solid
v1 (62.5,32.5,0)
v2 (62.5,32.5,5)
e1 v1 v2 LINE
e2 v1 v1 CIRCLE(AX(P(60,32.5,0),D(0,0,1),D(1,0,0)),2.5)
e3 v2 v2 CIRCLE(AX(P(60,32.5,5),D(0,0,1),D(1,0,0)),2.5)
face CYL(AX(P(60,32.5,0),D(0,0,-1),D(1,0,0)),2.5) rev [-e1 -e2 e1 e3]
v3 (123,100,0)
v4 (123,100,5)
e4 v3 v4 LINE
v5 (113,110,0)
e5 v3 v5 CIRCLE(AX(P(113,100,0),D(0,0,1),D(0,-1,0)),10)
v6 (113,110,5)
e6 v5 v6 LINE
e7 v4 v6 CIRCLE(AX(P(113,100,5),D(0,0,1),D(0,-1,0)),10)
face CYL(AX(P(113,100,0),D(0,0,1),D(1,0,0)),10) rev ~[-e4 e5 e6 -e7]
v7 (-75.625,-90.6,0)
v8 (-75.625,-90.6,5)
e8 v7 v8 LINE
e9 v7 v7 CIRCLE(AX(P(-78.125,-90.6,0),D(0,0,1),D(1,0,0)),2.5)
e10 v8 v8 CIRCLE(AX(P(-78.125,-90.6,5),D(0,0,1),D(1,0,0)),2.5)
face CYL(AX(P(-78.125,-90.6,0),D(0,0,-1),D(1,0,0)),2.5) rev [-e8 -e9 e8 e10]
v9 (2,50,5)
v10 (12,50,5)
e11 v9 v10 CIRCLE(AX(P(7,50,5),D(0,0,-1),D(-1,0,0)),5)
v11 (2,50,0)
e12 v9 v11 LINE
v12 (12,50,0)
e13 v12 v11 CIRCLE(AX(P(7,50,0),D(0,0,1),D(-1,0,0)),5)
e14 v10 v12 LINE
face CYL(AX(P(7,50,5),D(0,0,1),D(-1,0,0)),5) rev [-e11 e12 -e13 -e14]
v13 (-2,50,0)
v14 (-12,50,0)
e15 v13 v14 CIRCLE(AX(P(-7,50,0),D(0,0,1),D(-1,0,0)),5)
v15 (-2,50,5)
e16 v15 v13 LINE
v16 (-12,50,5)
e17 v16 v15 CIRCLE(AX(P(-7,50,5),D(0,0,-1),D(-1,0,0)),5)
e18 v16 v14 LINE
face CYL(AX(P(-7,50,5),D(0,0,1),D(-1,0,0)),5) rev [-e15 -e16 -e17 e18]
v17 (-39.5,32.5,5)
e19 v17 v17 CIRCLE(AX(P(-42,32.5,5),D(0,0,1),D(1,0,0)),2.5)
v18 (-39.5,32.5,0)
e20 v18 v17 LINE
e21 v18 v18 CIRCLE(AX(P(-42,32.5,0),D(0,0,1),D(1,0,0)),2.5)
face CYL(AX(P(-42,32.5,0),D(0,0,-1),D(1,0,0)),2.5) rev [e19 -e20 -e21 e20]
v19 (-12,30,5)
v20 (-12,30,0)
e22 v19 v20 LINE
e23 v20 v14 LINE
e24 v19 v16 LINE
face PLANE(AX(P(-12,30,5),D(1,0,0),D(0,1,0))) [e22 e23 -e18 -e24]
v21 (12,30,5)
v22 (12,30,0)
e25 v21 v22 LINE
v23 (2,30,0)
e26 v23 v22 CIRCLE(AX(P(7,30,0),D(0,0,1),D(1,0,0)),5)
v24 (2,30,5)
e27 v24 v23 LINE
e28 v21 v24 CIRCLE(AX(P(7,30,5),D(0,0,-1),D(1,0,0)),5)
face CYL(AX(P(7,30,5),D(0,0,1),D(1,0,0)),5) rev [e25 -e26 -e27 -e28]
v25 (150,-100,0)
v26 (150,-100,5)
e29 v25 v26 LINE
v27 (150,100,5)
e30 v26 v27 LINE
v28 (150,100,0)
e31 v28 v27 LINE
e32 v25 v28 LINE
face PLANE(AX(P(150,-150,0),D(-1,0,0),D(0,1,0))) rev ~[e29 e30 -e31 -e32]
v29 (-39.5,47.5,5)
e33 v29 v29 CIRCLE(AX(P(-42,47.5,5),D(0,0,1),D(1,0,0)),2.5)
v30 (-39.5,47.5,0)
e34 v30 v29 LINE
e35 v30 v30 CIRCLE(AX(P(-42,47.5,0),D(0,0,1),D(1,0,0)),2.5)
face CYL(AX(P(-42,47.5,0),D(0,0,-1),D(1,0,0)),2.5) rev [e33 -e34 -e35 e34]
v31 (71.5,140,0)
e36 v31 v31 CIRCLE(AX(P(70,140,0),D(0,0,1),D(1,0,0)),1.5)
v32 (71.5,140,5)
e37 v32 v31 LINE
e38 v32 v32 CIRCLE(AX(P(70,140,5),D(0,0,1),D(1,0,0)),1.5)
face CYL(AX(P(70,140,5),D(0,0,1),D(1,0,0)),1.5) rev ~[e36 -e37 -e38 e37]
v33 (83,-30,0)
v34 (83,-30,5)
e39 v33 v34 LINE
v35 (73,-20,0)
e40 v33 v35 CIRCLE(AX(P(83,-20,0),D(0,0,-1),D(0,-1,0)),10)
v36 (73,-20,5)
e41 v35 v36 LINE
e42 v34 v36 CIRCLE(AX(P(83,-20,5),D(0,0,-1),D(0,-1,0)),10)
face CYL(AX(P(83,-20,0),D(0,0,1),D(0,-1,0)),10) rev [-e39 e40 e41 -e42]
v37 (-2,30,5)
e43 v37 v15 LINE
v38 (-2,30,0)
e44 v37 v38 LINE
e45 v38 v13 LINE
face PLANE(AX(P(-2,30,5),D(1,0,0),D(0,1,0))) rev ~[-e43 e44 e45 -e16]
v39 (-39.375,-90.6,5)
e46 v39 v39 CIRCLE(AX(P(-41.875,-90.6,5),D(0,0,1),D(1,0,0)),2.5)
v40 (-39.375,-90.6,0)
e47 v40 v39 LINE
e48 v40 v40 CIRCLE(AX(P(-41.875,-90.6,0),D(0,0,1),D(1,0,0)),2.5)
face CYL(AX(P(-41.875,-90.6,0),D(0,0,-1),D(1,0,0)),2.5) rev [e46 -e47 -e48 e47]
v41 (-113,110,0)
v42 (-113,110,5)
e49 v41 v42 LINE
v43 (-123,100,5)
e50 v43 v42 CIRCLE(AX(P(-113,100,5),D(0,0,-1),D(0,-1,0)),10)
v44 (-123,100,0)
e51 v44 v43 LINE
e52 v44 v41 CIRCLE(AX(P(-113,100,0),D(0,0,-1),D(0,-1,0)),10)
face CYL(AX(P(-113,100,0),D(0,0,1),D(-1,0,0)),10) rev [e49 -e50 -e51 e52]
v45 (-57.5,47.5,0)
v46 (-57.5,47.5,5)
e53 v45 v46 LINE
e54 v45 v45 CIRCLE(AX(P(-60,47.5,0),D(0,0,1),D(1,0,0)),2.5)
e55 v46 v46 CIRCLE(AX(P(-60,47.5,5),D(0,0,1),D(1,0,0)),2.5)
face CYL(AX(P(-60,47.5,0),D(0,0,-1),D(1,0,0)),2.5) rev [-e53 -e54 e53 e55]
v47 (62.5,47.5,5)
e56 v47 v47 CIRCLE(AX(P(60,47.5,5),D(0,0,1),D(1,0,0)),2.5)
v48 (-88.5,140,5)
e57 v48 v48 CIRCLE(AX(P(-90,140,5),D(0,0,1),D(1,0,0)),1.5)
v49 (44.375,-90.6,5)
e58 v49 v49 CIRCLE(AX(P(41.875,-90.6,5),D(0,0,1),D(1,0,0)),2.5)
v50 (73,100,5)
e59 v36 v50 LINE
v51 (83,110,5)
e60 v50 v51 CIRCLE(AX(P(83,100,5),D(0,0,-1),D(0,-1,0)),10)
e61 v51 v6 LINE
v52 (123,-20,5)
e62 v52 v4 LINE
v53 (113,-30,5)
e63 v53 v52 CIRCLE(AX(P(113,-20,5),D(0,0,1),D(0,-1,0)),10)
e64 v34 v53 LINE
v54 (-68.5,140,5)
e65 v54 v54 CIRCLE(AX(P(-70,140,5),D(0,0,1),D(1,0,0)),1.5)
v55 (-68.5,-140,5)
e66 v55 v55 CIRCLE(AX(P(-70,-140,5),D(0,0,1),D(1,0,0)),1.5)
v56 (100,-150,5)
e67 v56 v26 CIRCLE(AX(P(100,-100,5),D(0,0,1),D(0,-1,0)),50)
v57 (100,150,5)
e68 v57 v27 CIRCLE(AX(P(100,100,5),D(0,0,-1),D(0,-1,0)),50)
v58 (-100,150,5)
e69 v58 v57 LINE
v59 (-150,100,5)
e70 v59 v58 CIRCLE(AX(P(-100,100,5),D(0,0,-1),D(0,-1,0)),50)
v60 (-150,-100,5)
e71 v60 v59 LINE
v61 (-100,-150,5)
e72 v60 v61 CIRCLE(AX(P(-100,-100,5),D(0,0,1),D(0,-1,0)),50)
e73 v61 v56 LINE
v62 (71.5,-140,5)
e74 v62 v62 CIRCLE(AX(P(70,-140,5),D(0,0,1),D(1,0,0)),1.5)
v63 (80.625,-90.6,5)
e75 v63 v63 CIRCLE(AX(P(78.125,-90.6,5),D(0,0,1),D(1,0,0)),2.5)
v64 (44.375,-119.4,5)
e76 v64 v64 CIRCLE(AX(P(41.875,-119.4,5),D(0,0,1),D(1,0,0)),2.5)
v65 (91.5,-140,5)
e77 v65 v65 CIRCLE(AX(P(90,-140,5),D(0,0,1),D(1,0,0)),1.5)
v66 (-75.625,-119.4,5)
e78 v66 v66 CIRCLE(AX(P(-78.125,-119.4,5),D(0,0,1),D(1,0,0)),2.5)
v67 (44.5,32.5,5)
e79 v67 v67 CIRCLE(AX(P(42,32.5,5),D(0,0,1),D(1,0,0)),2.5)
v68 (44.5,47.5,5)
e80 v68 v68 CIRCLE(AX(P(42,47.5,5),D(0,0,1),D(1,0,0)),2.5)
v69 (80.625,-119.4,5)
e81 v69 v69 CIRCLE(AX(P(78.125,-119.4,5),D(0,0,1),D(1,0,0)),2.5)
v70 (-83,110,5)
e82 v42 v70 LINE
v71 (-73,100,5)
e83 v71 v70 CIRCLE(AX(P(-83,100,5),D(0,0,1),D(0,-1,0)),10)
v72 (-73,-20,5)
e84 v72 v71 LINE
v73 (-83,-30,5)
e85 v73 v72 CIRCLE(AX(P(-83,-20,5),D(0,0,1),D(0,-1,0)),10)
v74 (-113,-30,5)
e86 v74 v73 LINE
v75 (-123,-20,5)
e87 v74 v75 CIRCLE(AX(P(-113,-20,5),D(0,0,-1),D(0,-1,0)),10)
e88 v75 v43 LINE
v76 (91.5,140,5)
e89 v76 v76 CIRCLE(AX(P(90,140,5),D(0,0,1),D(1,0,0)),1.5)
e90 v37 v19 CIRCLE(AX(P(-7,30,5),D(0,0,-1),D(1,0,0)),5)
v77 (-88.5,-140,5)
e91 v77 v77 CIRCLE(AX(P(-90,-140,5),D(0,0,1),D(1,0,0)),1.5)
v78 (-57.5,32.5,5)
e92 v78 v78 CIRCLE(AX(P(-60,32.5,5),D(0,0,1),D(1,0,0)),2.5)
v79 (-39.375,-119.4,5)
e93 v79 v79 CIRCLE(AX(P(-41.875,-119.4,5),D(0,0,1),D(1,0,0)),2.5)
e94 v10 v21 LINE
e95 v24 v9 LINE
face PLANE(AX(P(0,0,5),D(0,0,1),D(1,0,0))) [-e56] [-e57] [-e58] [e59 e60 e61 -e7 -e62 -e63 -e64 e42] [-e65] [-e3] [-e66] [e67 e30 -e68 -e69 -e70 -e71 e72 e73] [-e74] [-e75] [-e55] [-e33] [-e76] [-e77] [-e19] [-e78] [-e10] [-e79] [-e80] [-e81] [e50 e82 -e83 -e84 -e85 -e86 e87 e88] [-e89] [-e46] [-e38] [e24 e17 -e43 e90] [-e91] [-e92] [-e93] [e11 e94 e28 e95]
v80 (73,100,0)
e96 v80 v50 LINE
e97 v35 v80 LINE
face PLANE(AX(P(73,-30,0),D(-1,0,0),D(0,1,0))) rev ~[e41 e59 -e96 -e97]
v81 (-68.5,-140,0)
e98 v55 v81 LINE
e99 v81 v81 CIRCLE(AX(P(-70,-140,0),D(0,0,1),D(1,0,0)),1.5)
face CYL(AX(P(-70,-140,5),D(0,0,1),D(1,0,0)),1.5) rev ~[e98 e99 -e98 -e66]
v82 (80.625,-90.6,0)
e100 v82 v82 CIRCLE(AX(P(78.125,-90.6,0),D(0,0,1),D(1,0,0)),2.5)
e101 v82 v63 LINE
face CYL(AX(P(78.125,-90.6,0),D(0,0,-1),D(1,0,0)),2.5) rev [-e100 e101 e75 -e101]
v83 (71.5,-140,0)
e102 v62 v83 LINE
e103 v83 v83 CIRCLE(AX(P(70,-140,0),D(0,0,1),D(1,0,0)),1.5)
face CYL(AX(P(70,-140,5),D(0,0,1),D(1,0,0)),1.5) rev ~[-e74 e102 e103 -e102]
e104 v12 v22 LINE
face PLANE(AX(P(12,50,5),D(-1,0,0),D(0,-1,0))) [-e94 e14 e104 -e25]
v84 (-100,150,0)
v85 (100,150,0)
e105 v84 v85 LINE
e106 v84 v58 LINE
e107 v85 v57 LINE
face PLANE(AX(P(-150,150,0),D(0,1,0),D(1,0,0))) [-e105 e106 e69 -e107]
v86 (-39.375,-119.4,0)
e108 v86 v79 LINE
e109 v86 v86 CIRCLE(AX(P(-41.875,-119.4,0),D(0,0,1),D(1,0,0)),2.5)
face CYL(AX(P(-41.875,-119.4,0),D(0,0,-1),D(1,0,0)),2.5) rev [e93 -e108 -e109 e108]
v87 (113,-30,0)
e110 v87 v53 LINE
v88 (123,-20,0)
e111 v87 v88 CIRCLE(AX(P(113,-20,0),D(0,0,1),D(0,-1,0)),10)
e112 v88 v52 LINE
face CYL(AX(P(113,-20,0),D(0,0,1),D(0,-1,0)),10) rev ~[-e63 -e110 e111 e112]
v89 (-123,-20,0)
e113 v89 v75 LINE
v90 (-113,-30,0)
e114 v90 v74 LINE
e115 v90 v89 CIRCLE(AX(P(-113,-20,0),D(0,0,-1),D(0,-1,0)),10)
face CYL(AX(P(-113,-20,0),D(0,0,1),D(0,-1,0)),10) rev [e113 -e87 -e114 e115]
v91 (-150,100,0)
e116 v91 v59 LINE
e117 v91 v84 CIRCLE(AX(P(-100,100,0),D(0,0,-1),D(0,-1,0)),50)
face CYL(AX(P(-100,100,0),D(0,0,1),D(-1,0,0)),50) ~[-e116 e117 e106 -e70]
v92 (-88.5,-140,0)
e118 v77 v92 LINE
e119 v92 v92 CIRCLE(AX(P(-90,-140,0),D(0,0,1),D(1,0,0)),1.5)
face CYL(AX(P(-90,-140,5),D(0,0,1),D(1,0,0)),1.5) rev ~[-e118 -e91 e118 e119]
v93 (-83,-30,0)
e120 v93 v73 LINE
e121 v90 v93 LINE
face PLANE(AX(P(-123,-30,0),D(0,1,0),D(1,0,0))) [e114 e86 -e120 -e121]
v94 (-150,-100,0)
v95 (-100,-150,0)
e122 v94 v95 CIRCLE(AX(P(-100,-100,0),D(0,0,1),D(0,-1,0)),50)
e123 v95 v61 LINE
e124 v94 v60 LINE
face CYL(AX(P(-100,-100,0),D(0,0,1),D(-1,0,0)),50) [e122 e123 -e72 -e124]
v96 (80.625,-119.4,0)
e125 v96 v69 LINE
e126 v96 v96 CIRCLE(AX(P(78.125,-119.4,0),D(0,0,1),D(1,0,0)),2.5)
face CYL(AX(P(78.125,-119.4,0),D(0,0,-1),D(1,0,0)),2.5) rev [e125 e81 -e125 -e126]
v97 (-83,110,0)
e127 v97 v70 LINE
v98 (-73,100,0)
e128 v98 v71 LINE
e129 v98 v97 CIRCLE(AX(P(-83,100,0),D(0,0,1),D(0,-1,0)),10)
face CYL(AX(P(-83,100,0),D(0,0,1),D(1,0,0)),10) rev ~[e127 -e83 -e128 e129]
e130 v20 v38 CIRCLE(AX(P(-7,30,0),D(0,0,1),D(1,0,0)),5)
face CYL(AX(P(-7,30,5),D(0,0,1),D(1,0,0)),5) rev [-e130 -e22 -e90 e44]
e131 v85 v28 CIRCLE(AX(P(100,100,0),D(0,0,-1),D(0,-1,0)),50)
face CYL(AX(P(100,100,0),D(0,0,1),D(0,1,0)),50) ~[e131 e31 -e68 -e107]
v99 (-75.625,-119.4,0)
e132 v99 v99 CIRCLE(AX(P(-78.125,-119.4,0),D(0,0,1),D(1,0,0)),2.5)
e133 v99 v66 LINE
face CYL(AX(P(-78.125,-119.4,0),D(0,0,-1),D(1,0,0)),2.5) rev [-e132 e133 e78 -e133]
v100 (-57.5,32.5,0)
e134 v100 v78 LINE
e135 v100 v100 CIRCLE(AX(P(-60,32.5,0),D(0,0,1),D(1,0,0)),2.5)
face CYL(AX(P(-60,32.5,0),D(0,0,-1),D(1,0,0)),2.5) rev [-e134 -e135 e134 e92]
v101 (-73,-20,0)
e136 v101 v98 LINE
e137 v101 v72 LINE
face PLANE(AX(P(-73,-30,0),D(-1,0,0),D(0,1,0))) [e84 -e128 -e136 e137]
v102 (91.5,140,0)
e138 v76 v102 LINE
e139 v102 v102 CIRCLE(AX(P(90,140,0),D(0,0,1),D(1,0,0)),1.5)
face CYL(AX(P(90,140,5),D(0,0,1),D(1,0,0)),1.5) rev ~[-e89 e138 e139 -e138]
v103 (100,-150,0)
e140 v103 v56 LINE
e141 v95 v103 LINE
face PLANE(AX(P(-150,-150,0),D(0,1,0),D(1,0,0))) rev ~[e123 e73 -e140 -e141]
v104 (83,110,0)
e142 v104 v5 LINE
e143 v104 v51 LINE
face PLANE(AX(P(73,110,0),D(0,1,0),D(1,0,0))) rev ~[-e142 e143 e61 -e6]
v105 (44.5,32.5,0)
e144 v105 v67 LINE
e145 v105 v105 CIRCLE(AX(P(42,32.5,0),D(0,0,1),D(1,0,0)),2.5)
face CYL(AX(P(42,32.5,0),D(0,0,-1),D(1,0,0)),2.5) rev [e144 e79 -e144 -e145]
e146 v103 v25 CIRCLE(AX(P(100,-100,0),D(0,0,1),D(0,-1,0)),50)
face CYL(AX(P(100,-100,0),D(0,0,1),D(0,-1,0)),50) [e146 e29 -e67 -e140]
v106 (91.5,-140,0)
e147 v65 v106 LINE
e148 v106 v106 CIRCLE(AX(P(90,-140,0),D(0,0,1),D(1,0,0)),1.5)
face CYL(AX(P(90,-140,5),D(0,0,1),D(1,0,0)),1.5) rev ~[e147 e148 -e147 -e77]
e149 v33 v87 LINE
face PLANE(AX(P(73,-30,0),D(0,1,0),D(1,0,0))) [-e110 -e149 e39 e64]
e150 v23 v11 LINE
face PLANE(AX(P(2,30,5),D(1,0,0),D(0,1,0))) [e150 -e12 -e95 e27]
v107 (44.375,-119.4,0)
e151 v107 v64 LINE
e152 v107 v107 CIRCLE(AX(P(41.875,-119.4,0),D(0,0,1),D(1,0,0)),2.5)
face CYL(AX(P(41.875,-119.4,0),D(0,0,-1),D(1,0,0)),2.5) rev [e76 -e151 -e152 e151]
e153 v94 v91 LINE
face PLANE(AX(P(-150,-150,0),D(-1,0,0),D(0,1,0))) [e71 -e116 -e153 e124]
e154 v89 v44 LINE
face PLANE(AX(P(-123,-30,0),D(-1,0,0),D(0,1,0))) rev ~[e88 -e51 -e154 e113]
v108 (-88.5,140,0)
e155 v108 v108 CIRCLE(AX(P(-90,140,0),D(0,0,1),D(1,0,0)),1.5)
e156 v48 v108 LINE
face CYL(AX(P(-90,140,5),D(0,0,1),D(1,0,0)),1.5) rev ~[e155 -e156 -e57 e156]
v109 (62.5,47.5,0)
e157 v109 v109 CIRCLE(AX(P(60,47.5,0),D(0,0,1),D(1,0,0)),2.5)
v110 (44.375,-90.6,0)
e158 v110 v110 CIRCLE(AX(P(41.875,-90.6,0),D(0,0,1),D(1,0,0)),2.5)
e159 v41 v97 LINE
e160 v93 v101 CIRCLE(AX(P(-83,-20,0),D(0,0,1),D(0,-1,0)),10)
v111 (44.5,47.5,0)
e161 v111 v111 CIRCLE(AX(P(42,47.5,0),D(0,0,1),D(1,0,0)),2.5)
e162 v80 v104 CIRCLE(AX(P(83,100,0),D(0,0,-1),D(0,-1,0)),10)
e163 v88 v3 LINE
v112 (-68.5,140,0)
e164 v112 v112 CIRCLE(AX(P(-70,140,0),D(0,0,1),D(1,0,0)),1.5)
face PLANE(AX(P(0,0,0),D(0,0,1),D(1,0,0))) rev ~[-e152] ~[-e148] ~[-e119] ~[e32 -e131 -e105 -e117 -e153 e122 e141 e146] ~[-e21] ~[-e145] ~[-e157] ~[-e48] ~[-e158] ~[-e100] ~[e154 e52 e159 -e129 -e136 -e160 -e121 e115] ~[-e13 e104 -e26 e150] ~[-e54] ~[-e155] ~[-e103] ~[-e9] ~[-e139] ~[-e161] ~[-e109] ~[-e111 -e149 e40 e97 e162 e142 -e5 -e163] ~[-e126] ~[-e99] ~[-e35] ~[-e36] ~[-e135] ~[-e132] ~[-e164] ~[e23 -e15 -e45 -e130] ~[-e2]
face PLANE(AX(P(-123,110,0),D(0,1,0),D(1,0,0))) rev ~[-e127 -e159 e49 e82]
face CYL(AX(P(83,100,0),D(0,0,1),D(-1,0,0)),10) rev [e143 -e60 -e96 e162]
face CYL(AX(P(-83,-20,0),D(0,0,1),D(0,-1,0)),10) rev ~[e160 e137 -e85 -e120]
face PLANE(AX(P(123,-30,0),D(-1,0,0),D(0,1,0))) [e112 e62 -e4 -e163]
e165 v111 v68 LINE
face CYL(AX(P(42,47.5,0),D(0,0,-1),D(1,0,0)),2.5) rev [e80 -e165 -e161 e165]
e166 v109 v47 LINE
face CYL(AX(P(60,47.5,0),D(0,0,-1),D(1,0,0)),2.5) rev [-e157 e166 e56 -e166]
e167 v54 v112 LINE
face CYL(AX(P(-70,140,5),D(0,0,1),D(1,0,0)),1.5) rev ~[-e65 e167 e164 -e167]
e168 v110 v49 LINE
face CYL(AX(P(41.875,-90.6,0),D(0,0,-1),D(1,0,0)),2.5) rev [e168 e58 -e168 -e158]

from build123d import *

# Parameters (mm, degrees)
SKETCH1_W           = 300
SKETCH1_H           = 300
SKETCH1_R           = 2.5
SKETCH1_W_2         = 50
SKETCH1_H_2         = 140
BOSS_EXTRUDE1_DEPTH = 5
CUT_EXTRUDE1_START  = -5
SKETCH2_R           = 2.5
CUT_EXTRUDE1_DEPTH  = 5
FILLET1_R           = 10
FILLET2_R           = 50
SKETCH3_W           = 10
SKETCH3_H           = 20
CUT_EXTRUDE2_DEPTH  = 213.190951739
CUT_EXTRUDE3_REACH  = 214.191
SKETCH4_R           = 1.5


with BuildPart() as part:
    # Sketch1 → Boss-Extrude1 (new body)
    with BuildSketch(Plane.XY):
        Rectangle(SKETCH1_W, SKETCH1_H)
        with Locations((42, 47.5)):
            Circle(SKETCH1_R, mode=Mode.SUBTRACT)
        with Locations((42, 32.5)):
            Circle(SKETCH1_R, mode=Mode.SUBTRACT)
        with Locations((60, 32.5)):
            Circle(SKETCH1_R, mode=Mode.SUBTRACT)
        with Locations((60, 47.5)):
            Circle(SKETCH1_R, mode=Mode.SUBTRACT)
        with Locations((-60, 47.5)):
            Circle(SKETCH1_R, mode=Mode.SUBTRACT)
        with Locations((-60, 32.5)):
            Circle(SKETCH1_R, mode=Mode.SUBTRACT)
        with Locations((-42, 32.5)):
            Circle(SKETCH1_R, mode=Mode.SUBTRACT)
        with Locations((-42, 47.5)):
            Circle(SKETCH1_R, mode=Mode.SUBTRACT)
        with Locations((98, 40)):
            Rectangle(SKETCH1_W_2, SKETCH1_H_2, mode=Mode.SUBTRACT)
        with Locations((-98, 40)):
            Rectangle(SKETCH1_W_2, SKETCH1_H_2, mode=Mode.SUBTRACT)
    extrude(amount=BOSS_EXTRUDE1_DEPTH)

    # Sketch2 → Cut-Extrude1 (cut)
    with BuildSketch(Plane.XY.offset(5).offset(CUT_EXTRUDE1_START)):
        with Locations((-60, 32.5)):
            Circle(SKETCH2_R)
        with Locations((-78.125, -90.6)):
            Circle(SKETCH2_R)
        with Locations((-41.875, -90.6)):
            Circle(SKETCH2_R)
        with Locations((-41.875, -119.4)):
            Circle(SKETCH2_R)
        with Locations((-78.125, -119.4)):
            Circle(SKETCH2_R)
        with Locations((78.125, -119.4)):
            Circle(SKETCH2_R)
        with Locations((41.875, -119.4)):
            Circle(SKETCH2_R)
        with Locations((41.875, -90.6)):
            Circle(SKETCH2_R)
        with Locations((78.125, -90.6)):
            Circle(SKETCH2_R)
    extrude(amount=CUT_EXTRUDE1_DEPTH, mode=Mode.SUBTRACT)

    # Fillet1
    fillet1_edges = [part.edges().sort_by_distance(p)[0] for p in [
        (-123, -30, 2.5),
        (-73, -30, 2.5),
        (-73, 110, 2.5),
        (-123, 110, 2.5),
        (73, -30, 2.5),
        (123, -30, 2.5),
        (123, 110, 2.5),
        (73, 110, 2.5),
    ]]
    fillet(fillet1_edges, radius=FILLET1_R)

    # Fillet2
    fillet2_edges = [part.edges().sort_by_distance(p)[0] for p in [
        (150, -150, 2.5),
        (-150, -150, 2.5),
        (-150, 150, 2.5),
        (150, 150, 2.5),
    ]]
    fillet(fillet2_edges, radius=FILLET2_R)

    # Sketch3 → Cut-Extrude2 (cut, through all)
    with BuildSketch(Plane.XY.offset(5)):
        with Locations((-7, 40)):
            Rectangle(SKETCH3_W, SKETCH3_H)
        with BuildLine():
            ThreePointArc((-12, 50), (-7, 55), (-2, 50))
            Line((-2, 50), (-12, 50))
        make_face()
        with BuildLine():
            Line((-12, 30), (-2, 30))
            ThreePointArc((-2, 30), (-7, 25), (-12, 30))
        make_face()
        with BuildLine():
            ThreePointArc((12, 30), (7, 25), (2, 30))
            Line((2, 30), (2, 50))
            ThreePointArc((2, 50), (7, 55), (12, 50))
            Line((12, 50), (12, 30))
        make_face()
    extrude(amount=-CUT_EXTRUDE2_DEPTH, mode=Mode.SUBTRACT)

    # Sketch4 → Cut-Extrude3 (cut, up to next)
    with BuildSketch(Plane.XY.offset(5), mode=Mode.PRIVATE) as cut_extrude3_sk1:
        with Locations((-70, -140)):
            Circle(SKETCH4_R)
    cut_extrude3_tool1 = extrude(cut_extrude3_sk1.sketch, amount=-CUT_EXTRUDE3_REACH, mode=Mode.PRIVATE) & part.part
    # Sketch4 → Cut-Extrude3 (cut, up to next)
    with BuildSketch(Plane.XY.offset(5), mode=Mode.PRIVATE) as cut_extrude3_sk2:
        with Locations((70, -140)):
            Circle(SKETCH4_R)
    cut_extrude3_tool2 = extrude(cut_extrude3_sk2.sketch, amount=-CUT_EXTRUDE3_REACH, mode=Mode.PRIVATE) & part.part
    # Sketch4 → Cut-Extrude3 (cut, up to next)
    with BuildSketch(Plane.XY.offset(5), mode=Mode.PRIVATE) as cut_extrude3_sk3:
        with Locations((-90, -140)):
            Circle(SKETCH4_R)
    cut_extrude3_tool3 = extrude(cut_extrude3_sk3.sketch, amount=-CUT_EXTRUDE3_REACH, mode=Mode.PRIVATE) & part.part
    # Sketch4 → Cut-Extrude3 (cut, up to next)
    with BuildSketch(Plane.XY.offset(5), mode=Mode.PRIVATE) as cut_extrude3_sk4:
        with Locations((90, -140)):
            Circle(SKETCH4_R)
    cut_extrude3_tool4 = extrude(cut_extrude3_sk4.sketch, amount=-CUT_EXTRUDE3_REACH, mode=Mode.PRIVATE) & part.part
    # Sketch4 → Cut-Extrude3 (cut, up to next)
    with BuildSketch(Plane.XY.offset(5), mode=Mode.PRIVATE) as cut_extrude3_sk5:
        with Locations((90, 140)):
            Circle(SKETCH4_R)
    cut_extrude3_tool5 = extrude(cut_extrude3_sk5.sketch, amount=-CUT_EXTRUDE3_REACH, mode=Mode.PRIVATE) & part.part
    # Sketch4 → Cut-Extrude3 (cut, up to next)
    with BuildSketch(Plane.XY.offset(5), mode=Mode.PRIVATE) as cut_extrude3_sk6:
        with Locations((-90, 140)):
            Circle(SKETCH4_R)
    cut_extrude3_tool6 = extrude(cut_extrude3_sk6.sketch, amount=-CUT_EXTRUDE3_REACH, mode=Mode.PRIVATE) & part.part
    # Sketch4 → Cut-Extrude3 (cut, up to next)
    with BuildSketch(Plane.XY.offset(5), mode=Mode.PRIVATE) as cut_extrude3_sk7:
        with Locations((70, 140)):
            Circle(SKETCH4_R)
    cut_extrude3_tool7 = extrude(cut_extrude3_sk7.sketch, amount=-CUT_EXTRUDE3_REACH, mode=Mode.PRIVATE) & part.part
    # Sketch4 → Cut-Extrude3 (cut, up to next)
    with BuildSketch(Plane.XY.offset(5), mode=Mode.PRIVATE) as cut_extrude3_sk8:
        with Locations((-70, 140)):
            Circle(SKETCH4_R)
    cut_extrude3_tool8 = extrude(cut_extrude3_sk8.sketch, amount=-CUT_EXTRUDE3_REACH, mode=Mode.PRIVATE) & part.part
    add(cut_extrude3_tool1.solids().sort_by_distance((-70, -140, 5))[0], mode=Mode.SUBTRACT)
    add(cut_extrude3_tool2.solids().sort_by_distance((70, -140, 5))[0], mode=Mode.SUBTRACT)
    add(cut_extrude3_tool3.solids().sort_by_distance((-90, -140, 5))[0], mode=Mode.SUBTRACT)
    add(cut_extrude3_tool4.solids().sort_by_distance((90, -140, 5))[0], mode=Mode.SUBTRACT)
    add(cut_extrude3_tool5.solids().sort_by_distance((90, 140, 5))[0], mode=Mode.SUBTRACT)
    add(cut_extrude3_tool6.solids().sort_by_distance((-90, 140, 5))[0], mode=Mode.SUBTRACT)
    add(cut_extrude3_tool7.solids().sort_by_distance((70, 140, 5))[0], mode=Mode.SUBTRACT)
    add(cut_extrude3_tool8.solids().sort_by_distance((-70, 140, 5))[0], mode=Mode.SUBTRACT)


solid = part.part
